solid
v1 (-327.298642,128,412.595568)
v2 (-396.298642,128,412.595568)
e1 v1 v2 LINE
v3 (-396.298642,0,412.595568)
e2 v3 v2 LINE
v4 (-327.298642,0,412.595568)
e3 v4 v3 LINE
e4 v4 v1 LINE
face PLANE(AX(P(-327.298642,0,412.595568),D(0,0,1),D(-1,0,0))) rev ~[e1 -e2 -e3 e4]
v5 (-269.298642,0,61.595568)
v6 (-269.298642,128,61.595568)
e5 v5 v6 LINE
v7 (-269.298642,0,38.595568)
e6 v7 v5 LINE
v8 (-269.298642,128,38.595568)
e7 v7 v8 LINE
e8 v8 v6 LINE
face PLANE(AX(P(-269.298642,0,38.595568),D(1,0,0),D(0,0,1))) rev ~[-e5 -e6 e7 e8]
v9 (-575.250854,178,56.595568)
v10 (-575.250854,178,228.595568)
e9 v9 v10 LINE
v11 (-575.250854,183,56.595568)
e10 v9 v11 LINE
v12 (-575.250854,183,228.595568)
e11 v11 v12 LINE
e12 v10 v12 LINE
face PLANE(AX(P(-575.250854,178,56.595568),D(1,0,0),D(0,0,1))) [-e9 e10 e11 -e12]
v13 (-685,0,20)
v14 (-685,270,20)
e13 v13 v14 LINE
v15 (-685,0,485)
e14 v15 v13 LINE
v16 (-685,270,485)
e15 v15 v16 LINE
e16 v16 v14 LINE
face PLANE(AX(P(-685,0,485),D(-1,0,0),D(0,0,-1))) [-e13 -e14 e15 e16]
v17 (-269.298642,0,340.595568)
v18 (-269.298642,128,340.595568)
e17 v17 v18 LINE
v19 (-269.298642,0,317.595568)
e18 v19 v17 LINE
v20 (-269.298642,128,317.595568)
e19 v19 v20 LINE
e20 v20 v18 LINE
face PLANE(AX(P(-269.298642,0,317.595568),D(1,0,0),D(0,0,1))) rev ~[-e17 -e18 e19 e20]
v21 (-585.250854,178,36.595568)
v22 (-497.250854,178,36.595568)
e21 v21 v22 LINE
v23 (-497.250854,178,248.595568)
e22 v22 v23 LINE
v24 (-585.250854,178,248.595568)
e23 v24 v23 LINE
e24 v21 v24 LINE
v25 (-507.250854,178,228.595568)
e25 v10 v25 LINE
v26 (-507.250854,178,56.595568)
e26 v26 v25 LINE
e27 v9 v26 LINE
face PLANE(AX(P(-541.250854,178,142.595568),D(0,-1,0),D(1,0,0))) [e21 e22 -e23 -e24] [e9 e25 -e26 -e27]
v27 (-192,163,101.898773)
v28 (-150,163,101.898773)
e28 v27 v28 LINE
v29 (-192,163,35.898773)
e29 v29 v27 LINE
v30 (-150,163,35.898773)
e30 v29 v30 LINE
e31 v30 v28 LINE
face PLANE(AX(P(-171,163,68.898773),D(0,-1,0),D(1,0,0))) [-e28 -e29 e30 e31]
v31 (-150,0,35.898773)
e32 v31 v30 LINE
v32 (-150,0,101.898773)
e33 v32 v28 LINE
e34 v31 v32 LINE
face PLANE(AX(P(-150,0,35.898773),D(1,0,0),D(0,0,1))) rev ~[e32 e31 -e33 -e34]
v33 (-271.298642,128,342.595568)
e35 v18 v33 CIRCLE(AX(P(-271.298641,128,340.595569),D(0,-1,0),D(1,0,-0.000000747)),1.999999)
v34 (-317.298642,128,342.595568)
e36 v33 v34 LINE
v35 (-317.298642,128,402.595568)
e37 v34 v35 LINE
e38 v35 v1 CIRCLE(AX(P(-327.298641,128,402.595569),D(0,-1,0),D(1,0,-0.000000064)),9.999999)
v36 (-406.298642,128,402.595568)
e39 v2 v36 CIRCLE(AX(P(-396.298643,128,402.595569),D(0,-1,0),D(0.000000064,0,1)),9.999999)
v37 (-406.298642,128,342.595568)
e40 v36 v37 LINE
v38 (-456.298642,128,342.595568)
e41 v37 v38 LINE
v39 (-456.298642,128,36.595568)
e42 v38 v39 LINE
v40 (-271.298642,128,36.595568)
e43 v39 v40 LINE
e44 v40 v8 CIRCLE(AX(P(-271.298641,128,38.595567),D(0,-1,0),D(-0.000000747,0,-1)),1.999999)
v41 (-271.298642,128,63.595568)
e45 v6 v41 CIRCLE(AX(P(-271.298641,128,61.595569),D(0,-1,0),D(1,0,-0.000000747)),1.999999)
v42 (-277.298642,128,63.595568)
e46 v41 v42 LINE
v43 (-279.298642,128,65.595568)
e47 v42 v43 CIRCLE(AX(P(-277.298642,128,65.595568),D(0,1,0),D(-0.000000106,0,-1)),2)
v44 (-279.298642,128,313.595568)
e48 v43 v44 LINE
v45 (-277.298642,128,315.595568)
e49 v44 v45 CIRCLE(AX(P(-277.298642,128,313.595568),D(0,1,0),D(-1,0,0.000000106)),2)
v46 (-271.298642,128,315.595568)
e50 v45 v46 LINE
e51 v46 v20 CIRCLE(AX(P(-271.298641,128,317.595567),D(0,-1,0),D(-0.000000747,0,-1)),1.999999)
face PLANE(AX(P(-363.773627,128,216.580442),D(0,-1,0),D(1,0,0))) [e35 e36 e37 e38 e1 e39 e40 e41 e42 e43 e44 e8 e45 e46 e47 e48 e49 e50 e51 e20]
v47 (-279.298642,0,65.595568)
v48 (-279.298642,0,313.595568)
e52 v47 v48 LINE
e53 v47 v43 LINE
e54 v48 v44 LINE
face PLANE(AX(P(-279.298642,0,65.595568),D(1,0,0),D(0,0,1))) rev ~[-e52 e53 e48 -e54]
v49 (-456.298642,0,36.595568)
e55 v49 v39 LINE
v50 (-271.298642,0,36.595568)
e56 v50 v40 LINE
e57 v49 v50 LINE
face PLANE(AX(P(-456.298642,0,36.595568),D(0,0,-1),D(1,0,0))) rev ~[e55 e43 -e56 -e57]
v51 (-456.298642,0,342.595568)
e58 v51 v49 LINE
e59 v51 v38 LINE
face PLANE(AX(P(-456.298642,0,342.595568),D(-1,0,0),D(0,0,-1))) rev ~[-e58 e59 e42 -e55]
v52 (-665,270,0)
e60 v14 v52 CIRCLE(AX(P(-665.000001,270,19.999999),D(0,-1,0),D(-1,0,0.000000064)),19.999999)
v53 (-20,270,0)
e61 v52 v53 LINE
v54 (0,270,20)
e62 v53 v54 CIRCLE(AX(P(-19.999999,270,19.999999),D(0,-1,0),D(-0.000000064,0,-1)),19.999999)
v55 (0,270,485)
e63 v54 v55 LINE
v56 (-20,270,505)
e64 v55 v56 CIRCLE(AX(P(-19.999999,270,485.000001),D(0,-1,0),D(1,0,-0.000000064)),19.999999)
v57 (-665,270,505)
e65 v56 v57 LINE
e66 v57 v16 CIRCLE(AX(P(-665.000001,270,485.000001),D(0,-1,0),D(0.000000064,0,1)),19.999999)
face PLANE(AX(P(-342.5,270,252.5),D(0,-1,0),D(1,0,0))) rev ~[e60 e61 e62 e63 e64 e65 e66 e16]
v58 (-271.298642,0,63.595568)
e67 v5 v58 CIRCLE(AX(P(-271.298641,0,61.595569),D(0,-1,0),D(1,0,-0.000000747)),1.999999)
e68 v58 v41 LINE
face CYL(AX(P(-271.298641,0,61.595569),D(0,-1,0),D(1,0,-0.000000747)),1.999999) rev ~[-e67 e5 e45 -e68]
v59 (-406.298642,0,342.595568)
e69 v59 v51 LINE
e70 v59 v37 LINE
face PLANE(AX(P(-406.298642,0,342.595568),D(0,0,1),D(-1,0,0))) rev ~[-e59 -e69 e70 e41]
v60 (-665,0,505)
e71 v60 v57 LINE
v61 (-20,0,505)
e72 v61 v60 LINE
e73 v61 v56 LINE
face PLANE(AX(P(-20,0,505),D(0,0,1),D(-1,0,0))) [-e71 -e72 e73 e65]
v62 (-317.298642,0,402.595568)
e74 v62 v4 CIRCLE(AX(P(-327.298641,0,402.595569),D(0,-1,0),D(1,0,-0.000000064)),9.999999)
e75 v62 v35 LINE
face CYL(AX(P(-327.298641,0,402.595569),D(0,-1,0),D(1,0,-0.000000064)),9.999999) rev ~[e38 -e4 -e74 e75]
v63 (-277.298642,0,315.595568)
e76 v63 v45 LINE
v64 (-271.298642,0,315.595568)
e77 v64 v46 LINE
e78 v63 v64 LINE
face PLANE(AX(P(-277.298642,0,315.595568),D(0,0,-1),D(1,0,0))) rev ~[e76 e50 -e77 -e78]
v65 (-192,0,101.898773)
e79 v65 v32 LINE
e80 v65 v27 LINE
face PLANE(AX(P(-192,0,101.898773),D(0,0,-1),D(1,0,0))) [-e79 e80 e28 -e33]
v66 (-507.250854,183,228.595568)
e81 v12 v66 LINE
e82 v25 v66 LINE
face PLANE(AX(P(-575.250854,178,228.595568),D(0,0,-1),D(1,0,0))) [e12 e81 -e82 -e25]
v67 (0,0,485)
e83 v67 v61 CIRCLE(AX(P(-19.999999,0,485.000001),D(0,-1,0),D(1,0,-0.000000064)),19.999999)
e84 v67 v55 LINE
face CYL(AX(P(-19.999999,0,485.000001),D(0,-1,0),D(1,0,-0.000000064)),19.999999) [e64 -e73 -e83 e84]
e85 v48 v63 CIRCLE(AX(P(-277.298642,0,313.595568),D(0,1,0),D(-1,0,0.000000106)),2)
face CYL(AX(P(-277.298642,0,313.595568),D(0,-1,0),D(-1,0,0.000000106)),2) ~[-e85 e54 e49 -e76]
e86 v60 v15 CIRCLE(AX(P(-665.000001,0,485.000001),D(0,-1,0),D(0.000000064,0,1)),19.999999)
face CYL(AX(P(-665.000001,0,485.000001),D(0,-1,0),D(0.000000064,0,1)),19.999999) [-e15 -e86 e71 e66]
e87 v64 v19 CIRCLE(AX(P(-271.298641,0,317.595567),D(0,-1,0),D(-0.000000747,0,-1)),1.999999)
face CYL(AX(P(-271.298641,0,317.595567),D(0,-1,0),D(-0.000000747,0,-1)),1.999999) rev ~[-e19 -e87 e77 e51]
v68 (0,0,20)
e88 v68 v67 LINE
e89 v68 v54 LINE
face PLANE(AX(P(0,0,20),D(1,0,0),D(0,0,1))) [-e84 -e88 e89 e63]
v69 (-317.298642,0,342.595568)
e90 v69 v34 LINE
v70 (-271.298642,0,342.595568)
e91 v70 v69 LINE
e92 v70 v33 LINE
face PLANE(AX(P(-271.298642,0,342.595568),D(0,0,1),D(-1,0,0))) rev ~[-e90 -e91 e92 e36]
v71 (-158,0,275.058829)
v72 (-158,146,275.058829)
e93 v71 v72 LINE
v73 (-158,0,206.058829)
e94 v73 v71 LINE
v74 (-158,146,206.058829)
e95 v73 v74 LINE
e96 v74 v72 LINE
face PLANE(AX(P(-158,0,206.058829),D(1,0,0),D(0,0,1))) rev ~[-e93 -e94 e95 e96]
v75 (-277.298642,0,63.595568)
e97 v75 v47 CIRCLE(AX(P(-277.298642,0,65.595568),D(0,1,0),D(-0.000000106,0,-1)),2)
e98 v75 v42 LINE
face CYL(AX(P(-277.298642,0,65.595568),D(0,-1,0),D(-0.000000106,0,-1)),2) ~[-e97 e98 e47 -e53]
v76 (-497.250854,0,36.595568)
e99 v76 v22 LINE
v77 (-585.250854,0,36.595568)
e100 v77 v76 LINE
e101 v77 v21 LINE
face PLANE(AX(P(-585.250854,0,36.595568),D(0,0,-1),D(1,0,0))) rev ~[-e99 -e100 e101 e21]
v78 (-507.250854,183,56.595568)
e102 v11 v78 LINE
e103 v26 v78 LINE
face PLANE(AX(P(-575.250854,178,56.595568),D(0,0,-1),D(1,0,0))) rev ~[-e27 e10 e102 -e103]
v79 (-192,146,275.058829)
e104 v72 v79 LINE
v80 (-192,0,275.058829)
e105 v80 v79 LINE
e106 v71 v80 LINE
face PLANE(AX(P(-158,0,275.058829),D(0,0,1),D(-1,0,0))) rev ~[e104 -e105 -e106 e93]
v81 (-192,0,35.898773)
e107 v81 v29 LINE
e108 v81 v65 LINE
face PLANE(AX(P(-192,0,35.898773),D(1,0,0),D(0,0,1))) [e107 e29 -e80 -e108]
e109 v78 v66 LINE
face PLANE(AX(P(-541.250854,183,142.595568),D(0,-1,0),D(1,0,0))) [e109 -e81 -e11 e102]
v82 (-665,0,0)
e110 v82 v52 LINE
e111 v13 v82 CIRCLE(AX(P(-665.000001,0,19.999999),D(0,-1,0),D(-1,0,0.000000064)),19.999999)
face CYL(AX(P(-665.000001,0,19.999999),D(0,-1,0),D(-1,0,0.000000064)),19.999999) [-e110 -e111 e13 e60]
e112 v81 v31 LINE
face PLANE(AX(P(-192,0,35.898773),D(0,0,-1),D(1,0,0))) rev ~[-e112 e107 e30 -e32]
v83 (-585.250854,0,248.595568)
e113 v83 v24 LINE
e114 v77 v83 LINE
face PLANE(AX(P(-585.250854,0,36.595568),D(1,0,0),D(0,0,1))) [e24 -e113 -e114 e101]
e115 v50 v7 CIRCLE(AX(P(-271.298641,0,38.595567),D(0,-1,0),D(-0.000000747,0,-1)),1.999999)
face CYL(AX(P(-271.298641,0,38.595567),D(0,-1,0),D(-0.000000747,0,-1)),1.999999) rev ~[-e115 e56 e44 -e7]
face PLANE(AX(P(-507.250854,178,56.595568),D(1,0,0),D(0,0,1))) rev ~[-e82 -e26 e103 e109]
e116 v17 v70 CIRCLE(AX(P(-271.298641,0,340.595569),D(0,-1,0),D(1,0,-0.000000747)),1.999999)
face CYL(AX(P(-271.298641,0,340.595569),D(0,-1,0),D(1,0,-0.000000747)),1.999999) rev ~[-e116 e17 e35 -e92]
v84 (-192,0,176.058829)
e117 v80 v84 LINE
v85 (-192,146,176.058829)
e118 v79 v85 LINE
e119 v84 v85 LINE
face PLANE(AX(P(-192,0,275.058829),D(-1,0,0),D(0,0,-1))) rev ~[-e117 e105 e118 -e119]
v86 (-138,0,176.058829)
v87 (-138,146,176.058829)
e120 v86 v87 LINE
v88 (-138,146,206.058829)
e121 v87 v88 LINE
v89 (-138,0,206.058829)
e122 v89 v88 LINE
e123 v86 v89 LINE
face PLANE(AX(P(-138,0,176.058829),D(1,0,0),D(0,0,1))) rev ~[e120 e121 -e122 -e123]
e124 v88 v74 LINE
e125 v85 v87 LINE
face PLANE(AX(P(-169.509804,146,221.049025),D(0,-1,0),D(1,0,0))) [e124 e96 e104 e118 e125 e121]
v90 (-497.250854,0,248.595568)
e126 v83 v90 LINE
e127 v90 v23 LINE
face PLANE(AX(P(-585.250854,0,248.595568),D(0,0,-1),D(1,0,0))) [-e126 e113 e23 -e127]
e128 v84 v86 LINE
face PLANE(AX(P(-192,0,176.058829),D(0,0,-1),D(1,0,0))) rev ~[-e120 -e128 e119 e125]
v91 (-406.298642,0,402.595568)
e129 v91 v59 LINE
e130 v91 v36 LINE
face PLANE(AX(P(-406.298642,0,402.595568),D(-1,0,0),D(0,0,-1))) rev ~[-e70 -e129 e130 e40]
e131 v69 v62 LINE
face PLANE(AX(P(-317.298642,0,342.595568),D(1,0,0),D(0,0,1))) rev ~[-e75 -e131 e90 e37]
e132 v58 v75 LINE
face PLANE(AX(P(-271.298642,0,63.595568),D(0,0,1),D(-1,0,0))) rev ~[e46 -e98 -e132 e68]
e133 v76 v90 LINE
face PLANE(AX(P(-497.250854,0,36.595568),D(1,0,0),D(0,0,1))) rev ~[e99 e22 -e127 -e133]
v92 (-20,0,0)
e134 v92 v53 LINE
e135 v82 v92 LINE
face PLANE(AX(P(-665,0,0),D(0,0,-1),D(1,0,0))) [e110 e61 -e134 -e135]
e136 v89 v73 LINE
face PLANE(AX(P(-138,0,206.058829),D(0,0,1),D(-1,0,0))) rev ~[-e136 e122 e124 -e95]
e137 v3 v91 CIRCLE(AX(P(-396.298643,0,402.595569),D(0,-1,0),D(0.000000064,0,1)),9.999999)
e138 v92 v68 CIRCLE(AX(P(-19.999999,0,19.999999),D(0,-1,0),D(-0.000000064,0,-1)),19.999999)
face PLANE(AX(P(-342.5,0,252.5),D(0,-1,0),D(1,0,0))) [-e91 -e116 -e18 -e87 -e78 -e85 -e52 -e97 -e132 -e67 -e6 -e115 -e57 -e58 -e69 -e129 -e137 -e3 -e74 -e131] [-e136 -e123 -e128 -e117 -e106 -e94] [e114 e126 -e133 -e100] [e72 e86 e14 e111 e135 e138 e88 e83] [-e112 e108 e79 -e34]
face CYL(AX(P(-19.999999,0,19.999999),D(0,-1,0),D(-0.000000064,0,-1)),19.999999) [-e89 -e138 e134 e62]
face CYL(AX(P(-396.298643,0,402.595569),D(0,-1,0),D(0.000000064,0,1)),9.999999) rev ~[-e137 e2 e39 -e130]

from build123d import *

# Parameters (mm, degrees)
F1_DEPTH  = 270
F2_W      = 88
F2_H      = 212
F3_DEPTH  = 178
F4_W      = 68
F4_H      = 172
F5_DEPTH  = 5
F7_DEPTH  = 128
F8_W      = 42
F8_H      = 66
F9_DEPTH  = 163
F11_DEPTH = 146


with BuildPart() as f1:
    # F0 (on Front) → F1 (new body)
    with BuildSketch(Plane.XZ):
        with BuildLine():
            Line((-20, 505), (-665, 505))
            ThreePointArc((-665, 505), (-679.142136, 499.142136), (-685, 485))
            Line((-685, 485), (-685, 20))
            ThreePointArc((-685, 20), (-679.142136, 5.857864), (-665, 0))
            Line((-665, 0), (-20, 0))
            ThreePointArc((-20, 0), (-5.857864, 5.857864), (0, 20))
            Line((0, 20), (0, 485))
            ThreePointArc((0, 485), (-5.857864, 499.142136), (-20, 505))
        make_face()
    extrude(amount=-F1_DEPTH)

    # F2 (on face) → F3 (cut)
    with BuildSketch(Plane.XZ):
        with Locations((-541.250854, 142.595568)):
            Rectangle(F2_W, F2_H)
    extrude(amount=-F3_DEPTH, mode=Mode.SUBTRACT)

    # F4 (on face) → F5 (cut)
    with BuildSketch(Plane.XZ.offset(-178)):
        with Locations((-541.250854, 142.595568)):
            Rectangle(F4_W, F4_H)
    extrude(amount=-F5_DEPTH, mode=Mode.SUBTRACT)

    # F6 (on face) → F7 (cut)
    with BuildSketch(Plane.XZ):
        with BuildLine():
            Line((-456.298642, 342.595568), (-456.298642, 36.595568))
            Line((-456.298642, 36.595568), (-279.298642, 36.595568))
            Line((-279.298642, 36.595568), (-271.298642, 36.595568))
            ThreePointArc((-271.298642, 36.595568), (-269.884428, 37.181354), (-269.298642, 38.595568))
            Line((-269.298642, 38.595568), (-269.298642, 61.595568))
            ThreePointArc((-269.298642, 61.595568), (-269.884428, 63.009782), (-271.298642, 63.595568))
            Line((-271.298642, 63.595568), (-277.298642, 63.595568))
            ThreePointArc((-277.298642, 63.595568), (-278.712855, 64.181354), (-279.298642, 65.595568))
            Line((-279.298642, 65.595568), (-279.298642, 313.595568))
            ThreePointArc((-279.298642, 313.595568), (-278.712855, 315.009782), (-277.298642, 315.595568))
            Line((-277.298642, 315.595568), (-271.298642, 315.595568))
            ThreePointArc((-271.298642, 315.595568), (-269.884428, 316.181354), (-269.298642, 317.595568))
            Line((-269.298642, 317.595568), (-269.298642, 340.595568))
            ThreePointArc((-269.298642, 340.595568), (-269.884428, 342.009782), (-271.298642, 342.595568))
            Line((-271.298642, 342.595568), (-317.298642, 342.595568))
            Line((-317.298642, 342.595568), (-317.298642, 402.595568))
            ThreePointArc((-317.298642, 402.595568), (-320.227574, 409.666636), (-327.298642, 412.595568))
            Line((-327.298642, 412.595568), (-396.298642, 412.595568))
            ThreePointArc((-396.298642, 412.595568), (-403.36971, 409.666636), (-406.298642, 402.595568))
            Line((-406.298642, 402.595568), (-406.298642, 342.595568))
            Line((-406.298642, 342.595568), (-456.298642, 342.595568))
        make_face()
    extrude(amount=-F7_DEPTH, mode=Mode.SUBTRACT)

    # F8 (on face) → F9 (cut)
    with BuildSketch(Plane.XZ):
        with Locations((-171, 68.898773)):
            Rectangle(F8_W, F8_H)
    extrude(amount=-F9_DEPTH, mode=Mode.SUBTRACT)

    # F10 (on face) → F11 (cut)
    with BuildSketch(Plane.XZ):
        Polygon((-192, 275.058829), (-192, 176.058829), (-138, 176.058829), (-138, 206.058829), (-158, 206.058829), (-158, 275.058829), align=None)
    extrude(amount=-F11_DEPTH, mode=Mode.SUBTRACT)


solid = f1.part
